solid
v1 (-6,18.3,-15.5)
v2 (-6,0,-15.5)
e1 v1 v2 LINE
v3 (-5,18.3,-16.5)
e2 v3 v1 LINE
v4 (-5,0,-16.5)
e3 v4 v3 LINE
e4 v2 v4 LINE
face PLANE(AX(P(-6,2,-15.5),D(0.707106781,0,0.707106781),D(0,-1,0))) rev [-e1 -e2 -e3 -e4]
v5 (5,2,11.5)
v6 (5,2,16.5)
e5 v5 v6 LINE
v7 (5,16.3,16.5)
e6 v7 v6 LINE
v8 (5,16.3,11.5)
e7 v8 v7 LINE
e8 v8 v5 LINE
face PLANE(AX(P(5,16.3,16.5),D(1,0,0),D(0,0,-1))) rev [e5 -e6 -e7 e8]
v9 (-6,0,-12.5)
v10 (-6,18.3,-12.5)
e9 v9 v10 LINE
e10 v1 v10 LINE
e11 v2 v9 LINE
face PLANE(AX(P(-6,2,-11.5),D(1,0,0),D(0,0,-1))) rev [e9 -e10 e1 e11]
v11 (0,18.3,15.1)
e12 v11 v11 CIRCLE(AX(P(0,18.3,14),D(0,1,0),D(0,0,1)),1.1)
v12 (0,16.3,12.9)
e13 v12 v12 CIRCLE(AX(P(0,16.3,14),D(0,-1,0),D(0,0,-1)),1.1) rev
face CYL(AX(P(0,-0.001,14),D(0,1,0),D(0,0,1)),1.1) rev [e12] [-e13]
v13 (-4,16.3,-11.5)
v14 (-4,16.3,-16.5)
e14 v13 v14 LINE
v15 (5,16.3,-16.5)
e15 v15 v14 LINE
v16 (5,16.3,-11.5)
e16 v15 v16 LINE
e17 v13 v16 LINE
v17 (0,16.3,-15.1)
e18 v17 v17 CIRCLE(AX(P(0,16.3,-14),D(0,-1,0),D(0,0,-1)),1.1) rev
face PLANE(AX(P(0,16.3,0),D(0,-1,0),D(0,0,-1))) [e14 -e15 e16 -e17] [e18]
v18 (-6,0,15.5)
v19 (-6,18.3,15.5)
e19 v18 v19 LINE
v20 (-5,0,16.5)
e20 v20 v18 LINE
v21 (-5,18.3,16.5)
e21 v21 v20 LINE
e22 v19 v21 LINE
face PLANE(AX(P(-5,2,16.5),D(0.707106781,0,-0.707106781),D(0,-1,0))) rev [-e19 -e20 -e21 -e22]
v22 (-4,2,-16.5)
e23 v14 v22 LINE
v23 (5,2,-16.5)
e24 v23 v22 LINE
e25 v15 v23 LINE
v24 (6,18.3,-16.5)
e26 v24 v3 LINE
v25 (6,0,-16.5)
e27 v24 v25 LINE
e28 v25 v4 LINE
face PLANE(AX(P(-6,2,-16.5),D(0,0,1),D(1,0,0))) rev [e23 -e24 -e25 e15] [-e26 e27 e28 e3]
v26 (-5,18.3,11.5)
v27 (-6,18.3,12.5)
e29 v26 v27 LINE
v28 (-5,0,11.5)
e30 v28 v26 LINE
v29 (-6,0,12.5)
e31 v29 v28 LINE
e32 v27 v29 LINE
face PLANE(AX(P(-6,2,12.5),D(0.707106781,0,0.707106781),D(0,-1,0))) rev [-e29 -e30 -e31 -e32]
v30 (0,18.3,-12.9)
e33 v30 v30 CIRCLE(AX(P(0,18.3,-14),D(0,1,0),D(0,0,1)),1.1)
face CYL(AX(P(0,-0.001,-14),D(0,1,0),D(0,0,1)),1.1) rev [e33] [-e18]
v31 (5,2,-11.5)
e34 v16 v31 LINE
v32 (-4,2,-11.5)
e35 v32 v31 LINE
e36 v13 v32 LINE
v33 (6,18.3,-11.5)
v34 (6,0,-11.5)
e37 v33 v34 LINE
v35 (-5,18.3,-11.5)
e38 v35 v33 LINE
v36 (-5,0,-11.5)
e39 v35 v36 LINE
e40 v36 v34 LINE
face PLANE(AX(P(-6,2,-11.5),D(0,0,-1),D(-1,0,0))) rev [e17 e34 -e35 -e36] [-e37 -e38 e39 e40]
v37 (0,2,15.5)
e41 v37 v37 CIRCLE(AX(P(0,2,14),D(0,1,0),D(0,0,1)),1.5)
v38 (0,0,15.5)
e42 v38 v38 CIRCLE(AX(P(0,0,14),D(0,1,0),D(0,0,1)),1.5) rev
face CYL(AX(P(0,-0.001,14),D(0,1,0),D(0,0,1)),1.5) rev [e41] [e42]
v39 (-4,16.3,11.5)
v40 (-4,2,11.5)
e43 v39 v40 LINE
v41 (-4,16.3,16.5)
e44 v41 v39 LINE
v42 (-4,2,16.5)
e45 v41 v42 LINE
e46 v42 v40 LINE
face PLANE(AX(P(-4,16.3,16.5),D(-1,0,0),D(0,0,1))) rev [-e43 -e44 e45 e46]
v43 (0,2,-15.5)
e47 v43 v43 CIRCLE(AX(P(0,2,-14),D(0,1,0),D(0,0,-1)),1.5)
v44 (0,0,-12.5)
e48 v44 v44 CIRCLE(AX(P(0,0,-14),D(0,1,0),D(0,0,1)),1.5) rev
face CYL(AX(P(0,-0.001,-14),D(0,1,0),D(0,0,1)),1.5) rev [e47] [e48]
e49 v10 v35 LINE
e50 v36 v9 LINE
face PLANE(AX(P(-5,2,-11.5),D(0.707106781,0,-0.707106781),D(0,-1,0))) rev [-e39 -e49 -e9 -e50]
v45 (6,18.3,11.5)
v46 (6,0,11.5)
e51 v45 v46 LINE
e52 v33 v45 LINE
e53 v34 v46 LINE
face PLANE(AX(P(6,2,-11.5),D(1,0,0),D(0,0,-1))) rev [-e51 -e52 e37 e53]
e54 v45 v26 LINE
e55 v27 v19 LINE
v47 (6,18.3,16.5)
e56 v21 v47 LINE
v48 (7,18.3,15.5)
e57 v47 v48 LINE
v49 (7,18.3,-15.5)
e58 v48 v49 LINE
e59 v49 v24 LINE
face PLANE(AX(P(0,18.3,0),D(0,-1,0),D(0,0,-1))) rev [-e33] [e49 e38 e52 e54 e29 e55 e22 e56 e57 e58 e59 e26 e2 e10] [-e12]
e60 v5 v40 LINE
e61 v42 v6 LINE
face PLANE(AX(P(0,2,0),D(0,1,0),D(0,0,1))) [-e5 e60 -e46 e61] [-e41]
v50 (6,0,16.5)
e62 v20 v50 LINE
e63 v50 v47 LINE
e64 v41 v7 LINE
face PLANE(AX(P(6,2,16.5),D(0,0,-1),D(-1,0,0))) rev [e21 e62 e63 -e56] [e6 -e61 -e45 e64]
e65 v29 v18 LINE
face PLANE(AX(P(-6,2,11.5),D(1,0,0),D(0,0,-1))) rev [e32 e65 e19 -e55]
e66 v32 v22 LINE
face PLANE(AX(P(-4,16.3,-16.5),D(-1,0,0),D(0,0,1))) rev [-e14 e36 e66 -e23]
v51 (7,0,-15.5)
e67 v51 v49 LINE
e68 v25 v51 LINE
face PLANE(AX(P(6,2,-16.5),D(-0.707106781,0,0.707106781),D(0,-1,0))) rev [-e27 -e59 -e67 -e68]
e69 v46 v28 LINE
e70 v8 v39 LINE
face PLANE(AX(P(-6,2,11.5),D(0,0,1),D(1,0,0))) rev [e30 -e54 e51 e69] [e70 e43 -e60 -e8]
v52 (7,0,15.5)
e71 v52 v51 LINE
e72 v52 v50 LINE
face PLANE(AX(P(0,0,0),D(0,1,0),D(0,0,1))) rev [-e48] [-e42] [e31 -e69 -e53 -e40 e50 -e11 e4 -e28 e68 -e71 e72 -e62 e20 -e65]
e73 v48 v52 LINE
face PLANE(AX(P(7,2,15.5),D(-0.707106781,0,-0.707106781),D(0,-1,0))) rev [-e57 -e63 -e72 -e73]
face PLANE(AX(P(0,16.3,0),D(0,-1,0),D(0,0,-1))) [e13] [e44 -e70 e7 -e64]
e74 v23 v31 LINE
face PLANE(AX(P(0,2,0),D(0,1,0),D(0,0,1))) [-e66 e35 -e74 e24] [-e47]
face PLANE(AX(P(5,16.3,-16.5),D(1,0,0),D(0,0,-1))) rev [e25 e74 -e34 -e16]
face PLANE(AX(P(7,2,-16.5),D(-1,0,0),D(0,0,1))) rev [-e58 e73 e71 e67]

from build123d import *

# Parameters (mm, degrees)
BOSS_EXTRUDE1_DEPTH = 2
CUT_EXTRUDE1_REACH  = 20.035
SKETCH2_R           = 1.5
SKETCH3_W           = 2
SKETCH3_H           = 5
BOSS_EXTRUDE2_DEPTH = 14.3
BOSS_EXTRUDE3_DEPTH = 2
CUT_EXTRUDE2_REACH  = 27.615
SKETCH5_R           = 1.1
CHAMFER1_SIZE       = 1


with BuildPart() as part:
    # Sketch1 → Boss-Extrude1 (new body)
    with BuildSketch(Plane(origin=(0, 0, 0), x_dir=(1, 0, 0), z_dir=(0, 1, 0))):
        Polygon((-6, -16.5), (6, -16.5), (7, -16.5), (7, 16.5), (6, 16.5), (-6, 16.5), (-6, 11.5), (6, 11.5), (6, -11.5), (-6, -11.5), align=None)
    extrude(amount=BOSS_EXTRUDE1_DEPTH)

    # Sketch2 → Cut-Extrude1 (cut, up to next)
    with BuildSketch(Plane(origin=(0, 2, 0), x_dir=(1, 0, 0), z_dir=(0, 1, 0)), mode=Mode.PRIVATE) as cut_extrude1_sk1:
        with Locations(Location((0, -14, 0), (0, 0, 270))):
            Circle(SKETCH2_R)
    cut_extrude1_tool1 = extrude(cut_extrude1_sk1.sketch, amount=-CUT_EXTRUDE1_REACH, mode=Mode.PRIVATE) & part.part
    # Sketch2 → Cut-Extrude1 (cut, up to next)
    with BuildSketch(Plane(origin=(0, 2, 0), x_dir=(1, 0, 0), z_dir=(0, 1, 0)), mode=Mode.PRIVATE) as cut_extrude1_sk2:
        with Locations(Location((0, 14, 0), (0, 0, 270))):
            Circle(SKETCH2_R)
    cut_extrude1_tool2 = extrude(cut_extrude1_sk2.sketch, amount=-CUT_EXTRUDE1_REACH, mode=Mode.PRIVATE) & part.part
    add(cut_extrude1_tool1.solids().sort_by_distance((0, 2, 14))[0], mode=Mode.SUBTRACT)
    add(cut_extrude1_tool2.solids().sort_by_distance((0, 2, -14))[0], mode=Mode.SUBTRACT)

    # Sketch3 → Boss-Extrude2 (add)
    with BuildSketch(Plane(origin=(0, 2, 0), x_dir=(1, 0, 0), z_dir=(0, 1, 0))):
        with Locations((-5, 14)):
            Rectangle(SKETCH3_W, SKETCH3_H)
        Polygon((7, 16.5), (5, 16.5), (5, 11.5), (6, 11.5), (6, -11.5), (5, -11.5), (5, -16.5), (7, -16.5), (7, -11.5), (7, 11.5), align=None)
        with Locations((-5, -14)):
            Rectangle(SKETCH3_W, SKETCH3_H)
    extrude(amount=BOSS_EXTRUDE2_DEPTH)

    # Sketch4 → Boss-Extrude3 (add)
    with BuildSketch(Plane(origin=(0, 16.3, 0), x_dir=(1, 0, 0), z_dir=(0, 1, 0))):
        Polygon((6, 11.5), (6, -11.5), (-6, -11.5), (-6, -16.5), (7, -16.5), (7, 16.5), (-6, 16.5), (-6, 11.5), align=None)
    extrude(amount=BOSS_EXTRUDE3_DEPTH)

    # Sketch5 → Cut-Extrude2 (cut, up to next)
    with BuildSketch(Plane(origin=(0, 18.3, 0), x_dir=(1, 0, 0), z_dir=(0, 1, 0)), mode=Mode.PRIVATE) as cut_extrude2_sk1:
        with Locations(Location((0, 14, 0), (0, 0, 270))):
            Circle(SKETCH5_R)
    cut_extrude2_tool1 = extrude(cut_extrude2_sk1.sketch, amount=-CUT_EXTRUDE2_REACH, mode=Mode.PRIVATE) & part.part
    # Sketch5 → Cut-Extrude2 (cut, up to next)
    with BuildSketch(Plane(origin=(0, 18.3, 0), x_dir=(1, 0, 0), z_dir=(0, 1, 0)), mode=Mode.PRIVATE) as cut_extrude2_sk2:
        with Locations(Location((0, -14, 0), (0, 0, 270))):
            Circle(SKETCH5_R)
    cut_extrude2_tool2 = extrude(cut_extrude2_sk2.sketch, amount=-CUT_EXTRUDE2_REACH, mode=Mode.PRIVATE) & part.part
    add(cut_extrude2_tool1.solids().sort_by_distance((0, 18.3, -14))[0], mode=Mode.SUBTRACT)
    add(cut_extrude2_tool2.solids().sort_by_distance((0, 18.3, 14))[0], mode=Mode.SUBTRACT)

    # Chamfer1
    chamfer1_edges = [part.edges().sort_by_distance(p)[0] for p in [
        (-6, 9.15, -11.5),
        (-6, 9.15, -16.5),
        (7, 9.15, -16.5),
        (7, 9.15, 16.5),
        (-6, 9.15, 16.5),
        (-6, 9.15, 11.5),
    ]]
    chamfer(chamfer1_edges, length=CHAMFER1_SIZE)


solid = part.part
